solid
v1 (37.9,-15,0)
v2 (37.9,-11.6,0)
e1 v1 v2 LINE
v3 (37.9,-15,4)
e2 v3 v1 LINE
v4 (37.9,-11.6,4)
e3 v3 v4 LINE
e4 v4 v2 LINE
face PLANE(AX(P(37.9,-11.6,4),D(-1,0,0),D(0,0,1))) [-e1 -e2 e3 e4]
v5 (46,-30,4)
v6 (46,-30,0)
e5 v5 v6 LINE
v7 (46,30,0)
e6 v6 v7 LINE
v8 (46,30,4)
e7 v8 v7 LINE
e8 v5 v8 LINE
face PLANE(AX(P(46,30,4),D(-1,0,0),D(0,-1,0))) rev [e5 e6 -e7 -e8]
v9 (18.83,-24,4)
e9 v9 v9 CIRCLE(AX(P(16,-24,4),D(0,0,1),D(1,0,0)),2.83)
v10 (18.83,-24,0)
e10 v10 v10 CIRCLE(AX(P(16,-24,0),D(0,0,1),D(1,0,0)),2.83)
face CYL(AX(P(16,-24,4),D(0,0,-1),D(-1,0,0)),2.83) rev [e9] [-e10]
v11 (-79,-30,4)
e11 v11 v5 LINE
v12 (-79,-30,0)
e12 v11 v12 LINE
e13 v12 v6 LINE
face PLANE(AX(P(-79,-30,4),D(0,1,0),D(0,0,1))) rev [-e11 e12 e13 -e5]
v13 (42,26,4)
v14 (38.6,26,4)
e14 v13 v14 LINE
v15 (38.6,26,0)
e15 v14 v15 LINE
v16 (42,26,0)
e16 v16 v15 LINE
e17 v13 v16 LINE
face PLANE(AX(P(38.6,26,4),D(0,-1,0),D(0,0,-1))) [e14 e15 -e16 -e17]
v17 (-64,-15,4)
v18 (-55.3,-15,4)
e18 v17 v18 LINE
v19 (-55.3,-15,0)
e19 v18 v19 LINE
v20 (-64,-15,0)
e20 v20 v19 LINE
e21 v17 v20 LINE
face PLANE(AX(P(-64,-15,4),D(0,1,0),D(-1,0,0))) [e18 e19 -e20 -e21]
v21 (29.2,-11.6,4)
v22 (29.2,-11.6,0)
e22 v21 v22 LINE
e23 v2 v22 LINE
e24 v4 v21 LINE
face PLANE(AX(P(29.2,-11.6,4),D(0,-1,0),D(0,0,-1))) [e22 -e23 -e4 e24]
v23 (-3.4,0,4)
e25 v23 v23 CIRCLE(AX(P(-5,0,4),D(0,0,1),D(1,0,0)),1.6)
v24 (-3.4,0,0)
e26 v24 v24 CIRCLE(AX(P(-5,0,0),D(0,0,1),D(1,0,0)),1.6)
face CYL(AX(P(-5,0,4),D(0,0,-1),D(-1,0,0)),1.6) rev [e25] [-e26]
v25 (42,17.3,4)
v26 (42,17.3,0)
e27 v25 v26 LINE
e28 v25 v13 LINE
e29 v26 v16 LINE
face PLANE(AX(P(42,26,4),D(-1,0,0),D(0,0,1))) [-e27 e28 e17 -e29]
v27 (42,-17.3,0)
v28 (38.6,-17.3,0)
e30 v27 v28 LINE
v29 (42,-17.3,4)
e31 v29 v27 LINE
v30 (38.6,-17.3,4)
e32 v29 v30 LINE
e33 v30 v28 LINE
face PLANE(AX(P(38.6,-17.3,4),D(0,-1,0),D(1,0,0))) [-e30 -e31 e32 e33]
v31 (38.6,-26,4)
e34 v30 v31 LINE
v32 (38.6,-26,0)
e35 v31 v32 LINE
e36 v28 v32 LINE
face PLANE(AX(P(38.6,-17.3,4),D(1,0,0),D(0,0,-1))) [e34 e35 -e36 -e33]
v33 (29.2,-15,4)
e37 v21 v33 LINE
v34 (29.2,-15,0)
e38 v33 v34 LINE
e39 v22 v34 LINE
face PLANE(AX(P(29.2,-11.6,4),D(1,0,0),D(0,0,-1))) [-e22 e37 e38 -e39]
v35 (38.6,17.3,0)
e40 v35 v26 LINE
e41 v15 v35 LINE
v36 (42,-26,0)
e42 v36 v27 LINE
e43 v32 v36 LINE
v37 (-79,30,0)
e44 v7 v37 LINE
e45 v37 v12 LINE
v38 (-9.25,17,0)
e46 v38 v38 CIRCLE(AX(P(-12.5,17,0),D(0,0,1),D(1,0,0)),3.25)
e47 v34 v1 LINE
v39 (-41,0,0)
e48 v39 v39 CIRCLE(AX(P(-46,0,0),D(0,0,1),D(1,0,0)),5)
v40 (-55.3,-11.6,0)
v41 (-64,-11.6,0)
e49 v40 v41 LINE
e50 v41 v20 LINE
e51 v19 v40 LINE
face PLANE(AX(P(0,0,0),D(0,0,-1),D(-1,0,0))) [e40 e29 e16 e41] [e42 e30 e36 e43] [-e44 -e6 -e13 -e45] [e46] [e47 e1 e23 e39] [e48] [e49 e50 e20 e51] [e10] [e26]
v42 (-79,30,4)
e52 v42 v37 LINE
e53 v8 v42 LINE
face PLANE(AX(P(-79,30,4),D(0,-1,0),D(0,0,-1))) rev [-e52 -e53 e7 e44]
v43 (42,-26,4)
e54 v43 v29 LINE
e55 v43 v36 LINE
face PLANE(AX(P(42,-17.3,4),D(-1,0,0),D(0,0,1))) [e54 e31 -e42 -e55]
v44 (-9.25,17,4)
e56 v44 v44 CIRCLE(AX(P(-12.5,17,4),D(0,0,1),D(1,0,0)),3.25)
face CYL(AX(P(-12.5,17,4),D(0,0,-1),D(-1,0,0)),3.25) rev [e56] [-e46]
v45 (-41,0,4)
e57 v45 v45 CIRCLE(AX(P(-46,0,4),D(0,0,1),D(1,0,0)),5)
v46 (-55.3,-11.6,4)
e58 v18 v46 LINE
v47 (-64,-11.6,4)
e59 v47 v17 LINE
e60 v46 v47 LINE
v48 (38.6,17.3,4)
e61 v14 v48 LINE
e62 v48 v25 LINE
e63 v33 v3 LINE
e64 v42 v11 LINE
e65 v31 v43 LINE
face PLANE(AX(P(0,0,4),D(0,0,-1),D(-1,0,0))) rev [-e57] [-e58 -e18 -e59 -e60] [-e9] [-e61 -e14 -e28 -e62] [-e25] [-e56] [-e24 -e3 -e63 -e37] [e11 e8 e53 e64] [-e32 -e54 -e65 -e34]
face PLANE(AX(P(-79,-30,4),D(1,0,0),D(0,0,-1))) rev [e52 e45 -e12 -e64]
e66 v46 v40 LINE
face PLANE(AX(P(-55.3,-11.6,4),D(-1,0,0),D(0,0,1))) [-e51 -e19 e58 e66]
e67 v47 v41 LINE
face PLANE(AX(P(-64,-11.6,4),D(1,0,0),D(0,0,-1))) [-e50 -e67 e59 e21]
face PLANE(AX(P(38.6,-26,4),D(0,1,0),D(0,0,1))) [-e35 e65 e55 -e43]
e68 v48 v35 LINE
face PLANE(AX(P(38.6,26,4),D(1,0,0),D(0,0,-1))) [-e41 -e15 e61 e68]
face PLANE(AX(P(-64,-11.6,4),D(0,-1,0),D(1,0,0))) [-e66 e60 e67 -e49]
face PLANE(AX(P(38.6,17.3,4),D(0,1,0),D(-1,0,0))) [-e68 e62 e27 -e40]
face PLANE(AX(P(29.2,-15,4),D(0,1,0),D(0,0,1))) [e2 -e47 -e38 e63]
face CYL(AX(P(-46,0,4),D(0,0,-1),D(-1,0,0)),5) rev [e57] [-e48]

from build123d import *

# Parameters (mm, degrees)
SKETCH1_W               = 121
SKETCH1_H               = 60
SKETCH1_R               = 5
SKETCH1_R_2             = 3.25
SKETCH1_R_3             = 2.83
SKETCH1_R_4             = 1.6
SKETCH1_W_2             = 8.7
SKETCH1_H_2             = 3.4
BOSS_EXTRUDE1_DEPTH     = 4
SKETCH2_W               = 4
SKETCH2_H               = 60
BOSS_EXTRUDE2_DEPTH     = 4
CUT_EXTRUDE2_DEPTH      = 85.599054368
CUT_EXTRUDE2_DEPTH_BACK = 85.599054368
SKETCH3_W               = 3.4
SKETCH3_H               = 8.7


with BuildPart() as part:
    # Sketch1 → Boss-Extrude1 (new body)
    with BuildSketch(Plane.XY):
        with Locations((-18.5, 0)):
            Rectangle(SKETCH1_W, SKETCH1_H)
        with Locations((-46, 0)):
            Circle(SKETCH1_R, mode=Mode.SUBTRACT)
        with Locations((-12.5, 17)):
            Circle(SKETCH1_R_2, mode=Mode.SUBTRACT)
        with Locations((16, -24)):
            Circle(SKETCH1_R_3, mode=Mode.SUBTRACT)
        with Locations((-5, 0)):
            Circle(SKETCH1_R_4, mode=Mode.SUBTRACT)
        with Locations((-59.65, -13.3)):
            Rectangle(SKETCH1_W_2, SKETCH1_H_2, mode=Mode.SUBTRACT)
        with Locations((33.55, -13.3)):
            Rectangle(SKETCH1_W_2, SKETCH1_H_2, mode=Mode.SUBTRACT)
    extrude(amount=BOSS_EXTRUDE1_DEPTH)

    # Sketch2 → Boss-Extrude2 (add)
    with BuildSketch(Plane.XY):
        with Locations((44, 0)):
            Rectangle(SKETCH2_W, SKETCH2_H)
    extrude(amount=BOSS_EXTRUDE2_DEPTH)

    # Sketch3 → Cut-Extrude2 (cut, two sides: drawn at the far end of the back side and taken through both)
    with BuildSketch(Plane.XY.offset(-CUT_EXTRUDE2_DEPTH_BACK)):
        with Locations((40.3, 21.65)):
            Rectangle(SKETCH3_W, SKETCH3_H)
        with Locations((40.3, -21.65)):
            Rectangle(SKETCH3_W, SKETCH3_H)
    extrude(amount=CUT_EXTRUDE2_DEPTH + CUT_EXTRUDE2_DEPTH_BACK, mode=Mode.SUBTRACT)


solid = part.part
